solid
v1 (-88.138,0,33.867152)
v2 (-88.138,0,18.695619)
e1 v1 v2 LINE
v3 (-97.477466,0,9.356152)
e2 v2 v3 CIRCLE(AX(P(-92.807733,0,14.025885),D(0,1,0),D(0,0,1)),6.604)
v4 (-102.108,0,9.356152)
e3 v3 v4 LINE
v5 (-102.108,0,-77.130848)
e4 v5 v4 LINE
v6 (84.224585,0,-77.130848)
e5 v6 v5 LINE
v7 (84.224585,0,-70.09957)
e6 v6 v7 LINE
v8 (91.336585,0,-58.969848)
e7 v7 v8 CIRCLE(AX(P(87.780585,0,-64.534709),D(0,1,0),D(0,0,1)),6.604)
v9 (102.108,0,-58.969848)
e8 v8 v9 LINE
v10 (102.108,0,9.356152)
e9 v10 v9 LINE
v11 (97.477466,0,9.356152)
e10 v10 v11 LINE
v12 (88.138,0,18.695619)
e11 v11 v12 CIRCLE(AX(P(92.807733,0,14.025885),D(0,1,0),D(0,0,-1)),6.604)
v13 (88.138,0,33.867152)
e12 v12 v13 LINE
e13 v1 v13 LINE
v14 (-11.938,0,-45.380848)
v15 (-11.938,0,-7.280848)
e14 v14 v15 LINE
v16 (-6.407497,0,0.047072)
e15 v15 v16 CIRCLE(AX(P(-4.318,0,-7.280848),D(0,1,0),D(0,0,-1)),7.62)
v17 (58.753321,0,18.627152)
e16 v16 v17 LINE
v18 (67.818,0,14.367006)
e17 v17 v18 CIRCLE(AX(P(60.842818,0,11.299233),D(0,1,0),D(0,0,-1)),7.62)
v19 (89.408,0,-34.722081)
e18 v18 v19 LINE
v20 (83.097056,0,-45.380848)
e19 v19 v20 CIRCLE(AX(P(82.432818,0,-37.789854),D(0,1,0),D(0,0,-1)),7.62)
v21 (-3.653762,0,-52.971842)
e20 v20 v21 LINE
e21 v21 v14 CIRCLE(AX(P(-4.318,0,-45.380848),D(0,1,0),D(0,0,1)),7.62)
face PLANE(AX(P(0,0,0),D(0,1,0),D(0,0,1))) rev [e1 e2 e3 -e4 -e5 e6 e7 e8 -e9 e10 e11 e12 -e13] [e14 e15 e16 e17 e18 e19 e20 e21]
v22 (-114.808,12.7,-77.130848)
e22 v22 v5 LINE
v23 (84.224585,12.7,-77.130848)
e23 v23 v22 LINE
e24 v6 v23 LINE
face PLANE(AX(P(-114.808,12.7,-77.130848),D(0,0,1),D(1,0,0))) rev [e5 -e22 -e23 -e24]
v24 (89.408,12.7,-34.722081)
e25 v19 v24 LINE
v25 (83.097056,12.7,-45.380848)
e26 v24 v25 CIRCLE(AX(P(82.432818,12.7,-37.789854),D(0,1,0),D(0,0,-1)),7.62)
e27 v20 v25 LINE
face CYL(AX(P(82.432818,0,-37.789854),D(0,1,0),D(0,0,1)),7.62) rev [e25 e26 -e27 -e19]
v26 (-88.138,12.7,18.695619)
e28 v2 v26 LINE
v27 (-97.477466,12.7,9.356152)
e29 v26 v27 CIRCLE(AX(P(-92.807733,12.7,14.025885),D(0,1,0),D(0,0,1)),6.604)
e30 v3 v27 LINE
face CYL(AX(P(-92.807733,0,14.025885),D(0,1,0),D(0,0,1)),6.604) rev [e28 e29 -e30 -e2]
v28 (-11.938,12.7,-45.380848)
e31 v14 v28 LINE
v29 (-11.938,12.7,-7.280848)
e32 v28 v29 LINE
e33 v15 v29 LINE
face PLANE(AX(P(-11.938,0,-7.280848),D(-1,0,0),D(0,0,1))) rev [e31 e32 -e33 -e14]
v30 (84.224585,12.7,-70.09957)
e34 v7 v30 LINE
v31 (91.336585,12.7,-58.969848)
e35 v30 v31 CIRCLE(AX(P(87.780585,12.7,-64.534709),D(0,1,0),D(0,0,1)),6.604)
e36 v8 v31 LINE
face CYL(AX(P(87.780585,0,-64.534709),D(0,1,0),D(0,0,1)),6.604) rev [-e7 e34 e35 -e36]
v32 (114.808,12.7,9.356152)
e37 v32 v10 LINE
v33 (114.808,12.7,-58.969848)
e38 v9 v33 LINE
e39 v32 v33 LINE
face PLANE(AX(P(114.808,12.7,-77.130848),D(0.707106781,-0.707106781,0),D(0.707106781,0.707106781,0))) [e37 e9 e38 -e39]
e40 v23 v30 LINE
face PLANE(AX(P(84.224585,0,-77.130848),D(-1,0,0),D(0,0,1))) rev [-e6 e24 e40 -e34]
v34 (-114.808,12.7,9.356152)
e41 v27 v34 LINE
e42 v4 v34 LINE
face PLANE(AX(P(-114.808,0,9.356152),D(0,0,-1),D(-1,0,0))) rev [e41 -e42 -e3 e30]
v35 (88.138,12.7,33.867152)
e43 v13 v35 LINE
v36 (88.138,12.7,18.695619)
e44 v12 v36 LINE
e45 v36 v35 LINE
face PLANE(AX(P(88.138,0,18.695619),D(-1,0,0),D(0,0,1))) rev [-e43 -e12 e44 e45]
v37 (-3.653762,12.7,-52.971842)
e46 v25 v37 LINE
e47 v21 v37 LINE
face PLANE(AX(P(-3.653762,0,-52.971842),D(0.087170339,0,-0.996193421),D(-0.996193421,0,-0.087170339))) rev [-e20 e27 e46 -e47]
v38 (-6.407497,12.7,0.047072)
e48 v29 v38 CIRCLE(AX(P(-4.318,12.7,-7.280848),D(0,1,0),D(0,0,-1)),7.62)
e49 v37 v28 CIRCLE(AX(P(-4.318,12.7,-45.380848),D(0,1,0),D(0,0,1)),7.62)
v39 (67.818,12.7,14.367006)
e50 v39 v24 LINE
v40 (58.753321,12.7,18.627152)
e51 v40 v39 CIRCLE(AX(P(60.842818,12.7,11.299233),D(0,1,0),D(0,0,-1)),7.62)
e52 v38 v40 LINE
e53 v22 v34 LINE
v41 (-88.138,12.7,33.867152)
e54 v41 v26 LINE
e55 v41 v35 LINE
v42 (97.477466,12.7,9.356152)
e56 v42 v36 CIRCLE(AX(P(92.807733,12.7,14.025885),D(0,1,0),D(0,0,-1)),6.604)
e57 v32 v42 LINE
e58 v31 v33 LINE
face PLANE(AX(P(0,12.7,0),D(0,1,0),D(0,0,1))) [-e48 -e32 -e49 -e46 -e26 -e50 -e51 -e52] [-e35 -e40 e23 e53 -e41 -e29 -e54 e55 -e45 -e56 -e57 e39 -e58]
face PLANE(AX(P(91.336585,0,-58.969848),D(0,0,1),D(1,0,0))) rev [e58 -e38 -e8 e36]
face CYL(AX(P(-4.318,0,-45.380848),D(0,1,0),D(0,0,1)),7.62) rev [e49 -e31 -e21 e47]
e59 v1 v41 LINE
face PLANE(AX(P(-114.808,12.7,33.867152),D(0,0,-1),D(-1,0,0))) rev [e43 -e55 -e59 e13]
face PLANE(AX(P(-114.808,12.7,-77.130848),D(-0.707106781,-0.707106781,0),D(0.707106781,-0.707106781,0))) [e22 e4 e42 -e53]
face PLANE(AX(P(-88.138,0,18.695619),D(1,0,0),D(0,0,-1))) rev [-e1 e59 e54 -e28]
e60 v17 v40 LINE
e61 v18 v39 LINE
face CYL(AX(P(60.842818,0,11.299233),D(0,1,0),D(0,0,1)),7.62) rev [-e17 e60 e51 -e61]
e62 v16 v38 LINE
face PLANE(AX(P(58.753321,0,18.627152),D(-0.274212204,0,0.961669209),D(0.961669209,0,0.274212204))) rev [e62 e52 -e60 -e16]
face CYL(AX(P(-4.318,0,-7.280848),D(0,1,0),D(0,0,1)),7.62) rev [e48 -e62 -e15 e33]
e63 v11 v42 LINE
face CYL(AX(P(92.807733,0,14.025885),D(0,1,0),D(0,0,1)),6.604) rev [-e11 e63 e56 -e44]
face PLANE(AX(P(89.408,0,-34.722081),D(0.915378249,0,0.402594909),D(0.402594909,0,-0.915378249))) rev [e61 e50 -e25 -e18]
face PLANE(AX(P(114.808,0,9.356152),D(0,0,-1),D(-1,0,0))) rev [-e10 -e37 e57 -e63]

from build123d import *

# Parameters (mm, degrees)
SKETCH1_W           = 229.616
SKETCH1_H           = 110.998
BOSS_EXTRUDE1_DEPTH = 12.7
DRAFT1_ANGLE        = -45
CUT_EXTRUDE1_DEPTH  = 139.893248743
CUT_EXTRUDE2_DEPTH  = 139.893248743


with BuildPart() as part:
    # Sketch1 → Boss-Extrude1 (new body)
    with BuildSketch(Plane(origin=(0, 0, 0), x_dir=(1, 0, 0), z_dir=(0, 1, 0))):
        with Locations((0, 21.631847801)):
            Rectangle(SKETCH1_W, SKETCH1_H)
    extrude(amount=BOSS_EXTRUDE1_DEPTH)

    # Draft1
    draft1_faces = [part.faces().sort_by_distance(p)[0] for p in [
        (-114.808, 6.35, -21.631847801),
        (114.808, 6.35, -21.631847801),
    ]]
    draft(draft1_faces, Plane.ZX.offset(12.7), DRAFT1_ANGLE)

    # Sketch2 → Cut-Extrude1 (cut, through all)
    with BuildSketch(Plane(origin=(0, 12.7, 0), x_dir=(1, 0, 0), z_dir=(0, 1, 0))):
        with BuildLine():
            Line((-114.808, -9.356152199), (-97.477466366, -9.356152199))
            ThreePointArc((-97.477466366, -9.356152199), (-88.138, -9.356152199), (-88.138, -18.695618565))
            Line((-88.138, -18.695618565), (-88.138, -33.867152199))
            Line((-88.138, -33.867152199), (-114.808, -33.867152199))
            Line((-114.808, -33.867152199), (-114.808, -9.356152199))
        make_face()
        with BuildLine():
            Line((114.808, -33.867152199), (114.808, -9.356152199))
            Line((114.808, -9.356152199), (97.477466366, -9.356152199))
            ThreePointArc((97.477466366, -9.356152199), (88.138, -9.356152199), (88.138, -18.695618565))
            Line((88.138, -18.695618565), (88.138, -33.867152199))
            Line((88.138, -33.867152199), (114.808, -33.867152199))
        make_face()
        with BuildLine():
            Line((84.224585113, 77.130847801), (114.808, 77.130847801))
            Line((114.808, 77.130847801), (114.808, 58.969847801))
            Line((114.808, 58.969847801), (91.336585113, 58.969847801))
            ThreePointArc((91.336585113, 58.969847801), (82.215723928, 60.978708985), (84.224585113, 70.099570169))
            Line((84.224585113, 70.099570169), (84.224585113, 77.130847801))
        make_face()
    extrude(amount=-CUT_EXTRUDE1_DEPTH, mode=Mode.SUBTRACT)

    # Sketch3 → Cut-Extrude2 (cut, through all)
    with BuildSketch(Plane(origin=(0, 12.7, 0), x_dir=(1, 0, 0), z_dir=(0, 1, 0))):
        with BuildLine():
            Line((-3.65376202, 52.971841669), (83.097055719, 45.380847801))
            ThreePointArc((83.097055719, 45.380847801), (88.989685458, 41.672106593), (89.408, 34.722080728))
            Line((89.408, 34.722080728), (67.818, -14.367006033))
            ThreePointArc((67.818, -14.367006033), (64.083911918, -18.195587555), (58.753320746, -18.627152199))
            Line((58.753320746, -18.627152199), (-6.407496993, -0.047071571))
            ThreePointArc((-6.407496993, -0.047071571), (-10.400202195, 2.69050833), (-11.938, 7.280847801))
            Line((-11.938, 7.280847801), (-11.938, 45.380847801))
            ThreePointArc((-11.938, 45.380847801), (-9.465956225, 50.99893882), (-3.65376202, 52.971841669))
        make_face()
    extrude(amount=-CUT_EXTRUDE2_DEPTH, mode=Mode.SUBTRACT)


solid = part.part
